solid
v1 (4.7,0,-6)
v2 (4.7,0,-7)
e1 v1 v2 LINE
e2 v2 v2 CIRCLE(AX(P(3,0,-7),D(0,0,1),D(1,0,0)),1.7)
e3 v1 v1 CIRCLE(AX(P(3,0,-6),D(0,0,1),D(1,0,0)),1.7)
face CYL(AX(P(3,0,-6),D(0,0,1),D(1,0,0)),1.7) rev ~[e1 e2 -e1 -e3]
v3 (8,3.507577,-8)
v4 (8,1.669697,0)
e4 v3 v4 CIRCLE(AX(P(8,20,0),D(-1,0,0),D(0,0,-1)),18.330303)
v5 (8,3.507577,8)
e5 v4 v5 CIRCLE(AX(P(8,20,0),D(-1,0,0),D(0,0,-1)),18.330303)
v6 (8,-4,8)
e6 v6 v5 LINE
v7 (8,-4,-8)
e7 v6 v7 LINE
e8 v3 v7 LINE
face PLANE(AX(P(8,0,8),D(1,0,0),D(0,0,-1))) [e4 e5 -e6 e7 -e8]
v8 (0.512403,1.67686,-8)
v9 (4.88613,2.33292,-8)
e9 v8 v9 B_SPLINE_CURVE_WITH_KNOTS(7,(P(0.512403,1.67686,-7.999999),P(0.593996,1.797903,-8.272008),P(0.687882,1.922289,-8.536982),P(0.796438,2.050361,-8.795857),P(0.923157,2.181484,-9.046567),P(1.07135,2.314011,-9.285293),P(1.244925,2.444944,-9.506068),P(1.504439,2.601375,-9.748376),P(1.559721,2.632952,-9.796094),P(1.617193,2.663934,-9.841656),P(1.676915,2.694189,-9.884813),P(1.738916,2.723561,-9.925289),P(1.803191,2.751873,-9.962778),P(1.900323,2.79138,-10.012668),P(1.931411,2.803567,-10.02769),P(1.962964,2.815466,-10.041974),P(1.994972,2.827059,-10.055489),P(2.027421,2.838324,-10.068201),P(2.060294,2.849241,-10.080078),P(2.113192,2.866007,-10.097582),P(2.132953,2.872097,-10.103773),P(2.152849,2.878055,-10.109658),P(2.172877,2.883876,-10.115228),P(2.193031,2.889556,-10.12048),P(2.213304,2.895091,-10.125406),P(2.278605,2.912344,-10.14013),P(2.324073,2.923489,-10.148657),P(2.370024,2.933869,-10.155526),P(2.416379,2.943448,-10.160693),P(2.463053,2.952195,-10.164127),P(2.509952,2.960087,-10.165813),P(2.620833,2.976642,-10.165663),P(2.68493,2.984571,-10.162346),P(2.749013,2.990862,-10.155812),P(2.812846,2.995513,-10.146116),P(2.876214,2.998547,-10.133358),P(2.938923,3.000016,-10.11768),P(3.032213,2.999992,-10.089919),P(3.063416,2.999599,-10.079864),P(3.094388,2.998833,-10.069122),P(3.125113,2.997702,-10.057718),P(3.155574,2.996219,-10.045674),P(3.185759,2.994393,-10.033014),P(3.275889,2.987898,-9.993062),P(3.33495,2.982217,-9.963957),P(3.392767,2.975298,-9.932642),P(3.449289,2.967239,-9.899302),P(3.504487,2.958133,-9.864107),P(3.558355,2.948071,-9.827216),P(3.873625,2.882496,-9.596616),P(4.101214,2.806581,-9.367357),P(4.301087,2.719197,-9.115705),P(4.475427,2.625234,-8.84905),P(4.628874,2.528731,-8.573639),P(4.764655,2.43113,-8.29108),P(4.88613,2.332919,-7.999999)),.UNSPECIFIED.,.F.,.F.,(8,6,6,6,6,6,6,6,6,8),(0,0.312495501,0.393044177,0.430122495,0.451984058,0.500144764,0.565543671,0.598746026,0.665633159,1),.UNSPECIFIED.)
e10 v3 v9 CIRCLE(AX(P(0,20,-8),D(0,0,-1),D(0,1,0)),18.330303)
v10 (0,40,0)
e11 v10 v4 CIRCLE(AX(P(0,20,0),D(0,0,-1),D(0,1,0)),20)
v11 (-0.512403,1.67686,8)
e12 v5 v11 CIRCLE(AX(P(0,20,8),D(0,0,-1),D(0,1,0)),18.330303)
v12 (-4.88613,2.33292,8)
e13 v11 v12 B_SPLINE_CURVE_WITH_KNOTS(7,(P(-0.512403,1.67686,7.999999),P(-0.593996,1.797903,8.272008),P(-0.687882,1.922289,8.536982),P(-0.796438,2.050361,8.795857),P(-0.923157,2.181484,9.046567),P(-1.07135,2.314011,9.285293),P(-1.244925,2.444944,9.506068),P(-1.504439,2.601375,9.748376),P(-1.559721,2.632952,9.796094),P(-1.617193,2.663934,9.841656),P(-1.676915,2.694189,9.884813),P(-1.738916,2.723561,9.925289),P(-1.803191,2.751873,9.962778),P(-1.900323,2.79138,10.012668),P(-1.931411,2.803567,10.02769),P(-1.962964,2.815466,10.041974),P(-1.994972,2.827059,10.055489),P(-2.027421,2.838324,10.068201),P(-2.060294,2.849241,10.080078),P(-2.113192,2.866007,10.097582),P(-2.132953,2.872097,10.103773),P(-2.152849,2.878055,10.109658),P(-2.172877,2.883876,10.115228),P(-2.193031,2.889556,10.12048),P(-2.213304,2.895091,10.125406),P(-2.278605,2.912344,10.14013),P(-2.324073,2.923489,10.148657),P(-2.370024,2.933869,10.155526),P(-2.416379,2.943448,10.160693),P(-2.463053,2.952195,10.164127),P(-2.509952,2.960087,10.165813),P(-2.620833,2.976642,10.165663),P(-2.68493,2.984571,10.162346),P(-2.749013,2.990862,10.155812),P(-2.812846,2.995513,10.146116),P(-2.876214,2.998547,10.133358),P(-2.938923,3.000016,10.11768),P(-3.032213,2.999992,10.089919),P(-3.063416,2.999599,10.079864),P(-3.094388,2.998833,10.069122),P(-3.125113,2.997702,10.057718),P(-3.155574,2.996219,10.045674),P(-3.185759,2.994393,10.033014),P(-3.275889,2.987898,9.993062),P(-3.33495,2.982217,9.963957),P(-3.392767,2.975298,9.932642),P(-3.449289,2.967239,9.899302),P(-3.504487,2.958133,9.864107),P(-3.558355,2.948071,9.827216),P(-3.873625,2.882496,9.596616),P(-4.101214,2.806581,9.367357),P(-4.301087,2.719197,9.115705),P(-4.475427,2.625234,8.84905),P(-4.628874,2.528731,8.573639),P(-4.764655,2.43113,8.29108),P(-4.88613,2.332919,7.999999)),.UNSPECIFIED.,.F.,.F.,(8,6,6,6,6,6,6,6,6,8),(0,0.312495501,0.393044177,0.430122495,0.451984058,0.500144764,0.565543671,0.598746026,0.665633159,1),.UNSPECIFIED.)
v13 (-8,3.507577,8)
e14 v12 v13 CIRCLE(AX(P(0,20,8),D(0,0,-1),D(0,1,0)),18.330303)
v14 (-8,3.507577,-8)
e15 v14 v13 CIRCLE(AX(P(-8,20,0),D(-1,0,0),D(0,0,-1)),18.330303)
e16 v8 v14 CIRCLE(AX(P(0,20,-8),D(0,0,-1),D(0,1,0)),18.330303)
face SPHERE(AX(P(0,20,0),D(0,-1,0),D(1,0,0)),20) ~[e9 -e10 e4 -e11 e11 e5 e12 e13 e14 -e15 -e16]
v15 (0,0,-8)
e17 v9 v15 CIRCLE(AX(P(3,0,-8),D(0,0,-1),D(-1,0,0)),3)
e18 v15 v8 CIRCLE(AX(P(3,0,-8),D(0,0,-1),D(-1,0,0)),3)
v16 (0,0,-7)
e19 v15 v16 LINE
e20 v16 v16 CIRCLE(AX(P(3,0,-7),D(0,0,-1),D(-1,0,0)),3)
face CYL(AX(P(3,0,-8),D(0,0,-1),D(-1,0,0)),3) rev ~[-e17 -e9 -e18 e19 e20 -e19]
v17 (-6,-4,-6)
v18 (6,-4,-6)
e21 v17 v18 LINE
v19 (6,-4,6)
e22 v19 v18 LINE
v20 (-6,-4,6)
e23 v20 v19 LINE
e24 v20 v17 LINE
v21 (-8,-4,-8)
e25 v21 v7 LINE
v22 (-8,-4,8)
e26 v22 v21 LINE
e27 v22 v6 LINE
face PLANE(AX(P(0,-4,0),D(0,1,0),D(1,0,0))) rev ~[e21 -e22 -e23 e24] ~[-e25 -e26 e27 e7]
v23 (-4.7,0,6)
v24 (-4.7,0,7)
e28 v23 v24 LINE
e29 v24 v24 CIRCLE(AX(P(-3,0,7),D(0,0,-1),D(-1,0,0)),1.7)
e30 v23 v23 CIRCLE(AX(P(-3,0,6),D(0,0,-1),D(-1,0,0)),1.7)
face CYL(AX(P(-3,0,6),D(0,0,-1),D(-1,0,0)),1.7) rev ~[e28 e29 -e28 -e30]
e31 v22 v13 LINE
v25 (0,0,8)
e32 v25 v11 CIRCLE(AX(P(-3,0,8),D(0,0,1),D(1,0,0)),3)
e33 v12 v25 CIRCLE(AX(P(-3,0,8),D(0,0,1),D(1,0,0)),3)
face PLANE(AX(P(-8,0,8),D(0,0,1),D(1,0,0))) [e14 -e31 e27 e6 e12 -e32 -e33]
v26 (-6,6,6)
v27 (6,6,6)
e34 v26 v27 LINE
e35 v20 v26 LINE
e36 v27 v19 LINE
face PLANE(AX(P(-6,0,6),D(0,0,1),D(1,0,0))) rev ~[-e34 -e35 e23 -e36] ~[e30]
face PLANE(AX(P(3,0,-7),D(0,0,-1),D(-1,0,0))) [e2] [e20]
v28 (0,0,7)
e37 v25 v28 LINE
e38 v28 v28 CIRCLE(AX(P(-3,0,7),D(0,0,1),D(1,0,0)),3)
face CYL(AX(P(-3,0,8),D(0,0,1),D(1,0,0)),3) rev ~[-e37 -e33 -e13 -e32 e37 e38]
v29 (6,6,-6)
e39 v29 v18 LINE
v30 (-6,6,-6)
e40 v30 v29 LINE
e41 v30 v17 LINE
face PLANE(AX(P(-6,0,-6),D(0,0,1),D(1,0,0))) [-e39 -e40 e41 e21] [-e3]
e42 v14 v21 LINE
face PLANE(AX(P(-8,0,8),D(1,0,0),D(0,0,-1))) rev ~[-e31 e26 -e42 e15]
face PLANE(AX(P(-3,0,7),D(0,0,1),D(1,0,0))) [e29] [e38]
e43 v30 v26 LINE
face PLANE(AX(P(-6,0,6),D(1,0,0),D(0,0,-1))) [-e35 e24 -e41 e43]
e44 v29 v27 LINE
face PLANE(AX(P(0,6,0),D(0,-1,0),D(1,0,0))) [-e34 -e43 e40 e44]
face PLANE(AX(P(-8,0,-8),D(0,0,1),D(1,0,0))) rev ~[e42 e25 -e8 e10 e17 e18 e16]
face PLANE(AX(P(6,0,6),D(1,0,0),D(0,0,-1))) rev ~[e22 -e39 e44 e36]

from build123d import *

# Parameters (mm, degrees)
BOSS_EXTRUDE1_REACH             = 42
SKETCH2_W                       = 16
SKETCH2_H                       = 16
SKETCH2_W_2                     = 12
SKETCH2_H_2                     = 12
BOSS_EXTRUDE1_DIRECTION_2_DEPTH = 4
SKETCH3_W                       = 12
SKETCH3_H                       = 12
CUT_EXTRUDE1_DEPTH              = 10
SKETCH4_R                       = 1.7
CUT_EXTRUDE2_DEPTH              = 3
SKETCH5_R                       = 1.7
CUT_EXTRUDE3_DEPTH              = 3
SKETCH6_R                       = 3
CUT_EXTRUDE4_DEPTH              = 13
CUT_EXTRUDE4_DEPTH_BACK         = 1
SKETCH7_R                       = 3
CUT_EXTRUDE5_DEPTH              = 13
CUT_EXTRUDE5_DEPTH_BACK         = 1


with BuildPart() as part:
    # Sketch1 → Revolve1 (revolve)
    with BuildSketch(Plane.XY):
        with BuildLine():
            Line((0, 0), (0, 40))
            ThreePointArc((0, 40), (20, 20), (0, 0))
        make_face()
    revolve(axis=Axis((0, 0, 0), (0, 1, 0)))

    # Sketch2 → Boss-Extrude1 (add, up to next)
    with BuildSketch(Plane(origin=(0, 0, 0), x_dir=(1, 0, 0), z_dir=(0, 1, 0)), mode=Mode.PRIVATE) as boss_extrude1_sk1:
        Rectangle(SKETCH2_W, SKETCH2_H)
        Rectangle(SKETCH2_W_2, SKETCH2_H_2, mode=Mode.SUBTRACT)
    boss_extrude1_tool1 = extrude(boss_extrude1_sk1.sketch, amount=BOSS_EXTRUDE1_REACH, mode=Mode.PRIVATE) - part.part
    add(boss_extrude1_tool1.solids().sort_by_distance((0, 0, -7.773726))[0])

    # Sketch2 → Boss-Extrude1 direction 2 (add)
    with BuildSketch(Plane(origin=(0, 0, 0), x_dir=(1, 0, 0), z_dir=(0, 1, 0))):
        Rectangle(SKETCH2_W, SKETCH2_H)
        Rectangle(SKETCH2_W_2, SKETCH2_H_2, mode=Mode.SUBTRACT)
    extrude(amount=-BOSS_EXTRUDE1_DIRECTION_2_DEPTH)

    # Sketch3 → Cut-Extrude1 (cut)
    with BuildSketch(Plane.XZ.offset(4)):
        Rectangle(SKETCH3_W, SKETCH3_H)
    extrude(amount=-CUT_EXTRUDE1_DEPTH, mode=Mode.SUBTRACT)

    # Sketch4 → Cut-Extrude2 (cut)
    with BuildSketch(Plane(origin=(0, 0, 6), x_dir=(-1, 0, 0), z_dir=(0, 0, -1))):
        with Locations((3, 0)):
            Circle(SKETCH4_R)
    extrude(amount=-CUT_EXTRUDE2_DEPTH, mode=Mode.SUBTRACT)

    # Sketch5 → Cut-Extrude3 (cut)
    with BuildSketch(Plane.XY.offset(-6)):
        with Locations((3, 0)):
            Circle(SKETCH5_R)
    extrude(amount=-CUT_EXTRUDE3_DEPTH, mode=Mode.SUBTRACT)

    # Sketch6 → Cut-Extrude4 (cut, two sides)
    with BuildSketch(Plane(origin=(0, 0, -8), x_dir=(-1, 0, 0), z_dir=(0, 0, -1))) as cut_extrude4_sk:
        with Locations((-3, 0)):
            Circle(SKETCH6_R)
    extrude(amount=CUT_EXTRUDE4_DEPTH, mode=Mode.SUBTRACT)
    extrude(cut_extrude4_sk.sketch, amount=-CUT_EXTRUDE4_DEPTH_BACK, mode=Mode.SUBTRACT)

    # Sketch7 → Cut-Extrude5 (cut, two sides)
    with BuildSketch(Plane.XY.offset(8)) as cut_extrude5_sk:
        with Locations((-3, 0)):
            Circle(SKETCH7_R)
    extrude(amount=CUT_EXTRUDE5_DEPTH, mode=Mode.SUBTRACT)
    extrude(cut_extrude5_sk.sketch, amount=-CUT_EXTRUDE5_DEPTH_BACK, mode=Mode.SUBTRACT)


solid = part.part
